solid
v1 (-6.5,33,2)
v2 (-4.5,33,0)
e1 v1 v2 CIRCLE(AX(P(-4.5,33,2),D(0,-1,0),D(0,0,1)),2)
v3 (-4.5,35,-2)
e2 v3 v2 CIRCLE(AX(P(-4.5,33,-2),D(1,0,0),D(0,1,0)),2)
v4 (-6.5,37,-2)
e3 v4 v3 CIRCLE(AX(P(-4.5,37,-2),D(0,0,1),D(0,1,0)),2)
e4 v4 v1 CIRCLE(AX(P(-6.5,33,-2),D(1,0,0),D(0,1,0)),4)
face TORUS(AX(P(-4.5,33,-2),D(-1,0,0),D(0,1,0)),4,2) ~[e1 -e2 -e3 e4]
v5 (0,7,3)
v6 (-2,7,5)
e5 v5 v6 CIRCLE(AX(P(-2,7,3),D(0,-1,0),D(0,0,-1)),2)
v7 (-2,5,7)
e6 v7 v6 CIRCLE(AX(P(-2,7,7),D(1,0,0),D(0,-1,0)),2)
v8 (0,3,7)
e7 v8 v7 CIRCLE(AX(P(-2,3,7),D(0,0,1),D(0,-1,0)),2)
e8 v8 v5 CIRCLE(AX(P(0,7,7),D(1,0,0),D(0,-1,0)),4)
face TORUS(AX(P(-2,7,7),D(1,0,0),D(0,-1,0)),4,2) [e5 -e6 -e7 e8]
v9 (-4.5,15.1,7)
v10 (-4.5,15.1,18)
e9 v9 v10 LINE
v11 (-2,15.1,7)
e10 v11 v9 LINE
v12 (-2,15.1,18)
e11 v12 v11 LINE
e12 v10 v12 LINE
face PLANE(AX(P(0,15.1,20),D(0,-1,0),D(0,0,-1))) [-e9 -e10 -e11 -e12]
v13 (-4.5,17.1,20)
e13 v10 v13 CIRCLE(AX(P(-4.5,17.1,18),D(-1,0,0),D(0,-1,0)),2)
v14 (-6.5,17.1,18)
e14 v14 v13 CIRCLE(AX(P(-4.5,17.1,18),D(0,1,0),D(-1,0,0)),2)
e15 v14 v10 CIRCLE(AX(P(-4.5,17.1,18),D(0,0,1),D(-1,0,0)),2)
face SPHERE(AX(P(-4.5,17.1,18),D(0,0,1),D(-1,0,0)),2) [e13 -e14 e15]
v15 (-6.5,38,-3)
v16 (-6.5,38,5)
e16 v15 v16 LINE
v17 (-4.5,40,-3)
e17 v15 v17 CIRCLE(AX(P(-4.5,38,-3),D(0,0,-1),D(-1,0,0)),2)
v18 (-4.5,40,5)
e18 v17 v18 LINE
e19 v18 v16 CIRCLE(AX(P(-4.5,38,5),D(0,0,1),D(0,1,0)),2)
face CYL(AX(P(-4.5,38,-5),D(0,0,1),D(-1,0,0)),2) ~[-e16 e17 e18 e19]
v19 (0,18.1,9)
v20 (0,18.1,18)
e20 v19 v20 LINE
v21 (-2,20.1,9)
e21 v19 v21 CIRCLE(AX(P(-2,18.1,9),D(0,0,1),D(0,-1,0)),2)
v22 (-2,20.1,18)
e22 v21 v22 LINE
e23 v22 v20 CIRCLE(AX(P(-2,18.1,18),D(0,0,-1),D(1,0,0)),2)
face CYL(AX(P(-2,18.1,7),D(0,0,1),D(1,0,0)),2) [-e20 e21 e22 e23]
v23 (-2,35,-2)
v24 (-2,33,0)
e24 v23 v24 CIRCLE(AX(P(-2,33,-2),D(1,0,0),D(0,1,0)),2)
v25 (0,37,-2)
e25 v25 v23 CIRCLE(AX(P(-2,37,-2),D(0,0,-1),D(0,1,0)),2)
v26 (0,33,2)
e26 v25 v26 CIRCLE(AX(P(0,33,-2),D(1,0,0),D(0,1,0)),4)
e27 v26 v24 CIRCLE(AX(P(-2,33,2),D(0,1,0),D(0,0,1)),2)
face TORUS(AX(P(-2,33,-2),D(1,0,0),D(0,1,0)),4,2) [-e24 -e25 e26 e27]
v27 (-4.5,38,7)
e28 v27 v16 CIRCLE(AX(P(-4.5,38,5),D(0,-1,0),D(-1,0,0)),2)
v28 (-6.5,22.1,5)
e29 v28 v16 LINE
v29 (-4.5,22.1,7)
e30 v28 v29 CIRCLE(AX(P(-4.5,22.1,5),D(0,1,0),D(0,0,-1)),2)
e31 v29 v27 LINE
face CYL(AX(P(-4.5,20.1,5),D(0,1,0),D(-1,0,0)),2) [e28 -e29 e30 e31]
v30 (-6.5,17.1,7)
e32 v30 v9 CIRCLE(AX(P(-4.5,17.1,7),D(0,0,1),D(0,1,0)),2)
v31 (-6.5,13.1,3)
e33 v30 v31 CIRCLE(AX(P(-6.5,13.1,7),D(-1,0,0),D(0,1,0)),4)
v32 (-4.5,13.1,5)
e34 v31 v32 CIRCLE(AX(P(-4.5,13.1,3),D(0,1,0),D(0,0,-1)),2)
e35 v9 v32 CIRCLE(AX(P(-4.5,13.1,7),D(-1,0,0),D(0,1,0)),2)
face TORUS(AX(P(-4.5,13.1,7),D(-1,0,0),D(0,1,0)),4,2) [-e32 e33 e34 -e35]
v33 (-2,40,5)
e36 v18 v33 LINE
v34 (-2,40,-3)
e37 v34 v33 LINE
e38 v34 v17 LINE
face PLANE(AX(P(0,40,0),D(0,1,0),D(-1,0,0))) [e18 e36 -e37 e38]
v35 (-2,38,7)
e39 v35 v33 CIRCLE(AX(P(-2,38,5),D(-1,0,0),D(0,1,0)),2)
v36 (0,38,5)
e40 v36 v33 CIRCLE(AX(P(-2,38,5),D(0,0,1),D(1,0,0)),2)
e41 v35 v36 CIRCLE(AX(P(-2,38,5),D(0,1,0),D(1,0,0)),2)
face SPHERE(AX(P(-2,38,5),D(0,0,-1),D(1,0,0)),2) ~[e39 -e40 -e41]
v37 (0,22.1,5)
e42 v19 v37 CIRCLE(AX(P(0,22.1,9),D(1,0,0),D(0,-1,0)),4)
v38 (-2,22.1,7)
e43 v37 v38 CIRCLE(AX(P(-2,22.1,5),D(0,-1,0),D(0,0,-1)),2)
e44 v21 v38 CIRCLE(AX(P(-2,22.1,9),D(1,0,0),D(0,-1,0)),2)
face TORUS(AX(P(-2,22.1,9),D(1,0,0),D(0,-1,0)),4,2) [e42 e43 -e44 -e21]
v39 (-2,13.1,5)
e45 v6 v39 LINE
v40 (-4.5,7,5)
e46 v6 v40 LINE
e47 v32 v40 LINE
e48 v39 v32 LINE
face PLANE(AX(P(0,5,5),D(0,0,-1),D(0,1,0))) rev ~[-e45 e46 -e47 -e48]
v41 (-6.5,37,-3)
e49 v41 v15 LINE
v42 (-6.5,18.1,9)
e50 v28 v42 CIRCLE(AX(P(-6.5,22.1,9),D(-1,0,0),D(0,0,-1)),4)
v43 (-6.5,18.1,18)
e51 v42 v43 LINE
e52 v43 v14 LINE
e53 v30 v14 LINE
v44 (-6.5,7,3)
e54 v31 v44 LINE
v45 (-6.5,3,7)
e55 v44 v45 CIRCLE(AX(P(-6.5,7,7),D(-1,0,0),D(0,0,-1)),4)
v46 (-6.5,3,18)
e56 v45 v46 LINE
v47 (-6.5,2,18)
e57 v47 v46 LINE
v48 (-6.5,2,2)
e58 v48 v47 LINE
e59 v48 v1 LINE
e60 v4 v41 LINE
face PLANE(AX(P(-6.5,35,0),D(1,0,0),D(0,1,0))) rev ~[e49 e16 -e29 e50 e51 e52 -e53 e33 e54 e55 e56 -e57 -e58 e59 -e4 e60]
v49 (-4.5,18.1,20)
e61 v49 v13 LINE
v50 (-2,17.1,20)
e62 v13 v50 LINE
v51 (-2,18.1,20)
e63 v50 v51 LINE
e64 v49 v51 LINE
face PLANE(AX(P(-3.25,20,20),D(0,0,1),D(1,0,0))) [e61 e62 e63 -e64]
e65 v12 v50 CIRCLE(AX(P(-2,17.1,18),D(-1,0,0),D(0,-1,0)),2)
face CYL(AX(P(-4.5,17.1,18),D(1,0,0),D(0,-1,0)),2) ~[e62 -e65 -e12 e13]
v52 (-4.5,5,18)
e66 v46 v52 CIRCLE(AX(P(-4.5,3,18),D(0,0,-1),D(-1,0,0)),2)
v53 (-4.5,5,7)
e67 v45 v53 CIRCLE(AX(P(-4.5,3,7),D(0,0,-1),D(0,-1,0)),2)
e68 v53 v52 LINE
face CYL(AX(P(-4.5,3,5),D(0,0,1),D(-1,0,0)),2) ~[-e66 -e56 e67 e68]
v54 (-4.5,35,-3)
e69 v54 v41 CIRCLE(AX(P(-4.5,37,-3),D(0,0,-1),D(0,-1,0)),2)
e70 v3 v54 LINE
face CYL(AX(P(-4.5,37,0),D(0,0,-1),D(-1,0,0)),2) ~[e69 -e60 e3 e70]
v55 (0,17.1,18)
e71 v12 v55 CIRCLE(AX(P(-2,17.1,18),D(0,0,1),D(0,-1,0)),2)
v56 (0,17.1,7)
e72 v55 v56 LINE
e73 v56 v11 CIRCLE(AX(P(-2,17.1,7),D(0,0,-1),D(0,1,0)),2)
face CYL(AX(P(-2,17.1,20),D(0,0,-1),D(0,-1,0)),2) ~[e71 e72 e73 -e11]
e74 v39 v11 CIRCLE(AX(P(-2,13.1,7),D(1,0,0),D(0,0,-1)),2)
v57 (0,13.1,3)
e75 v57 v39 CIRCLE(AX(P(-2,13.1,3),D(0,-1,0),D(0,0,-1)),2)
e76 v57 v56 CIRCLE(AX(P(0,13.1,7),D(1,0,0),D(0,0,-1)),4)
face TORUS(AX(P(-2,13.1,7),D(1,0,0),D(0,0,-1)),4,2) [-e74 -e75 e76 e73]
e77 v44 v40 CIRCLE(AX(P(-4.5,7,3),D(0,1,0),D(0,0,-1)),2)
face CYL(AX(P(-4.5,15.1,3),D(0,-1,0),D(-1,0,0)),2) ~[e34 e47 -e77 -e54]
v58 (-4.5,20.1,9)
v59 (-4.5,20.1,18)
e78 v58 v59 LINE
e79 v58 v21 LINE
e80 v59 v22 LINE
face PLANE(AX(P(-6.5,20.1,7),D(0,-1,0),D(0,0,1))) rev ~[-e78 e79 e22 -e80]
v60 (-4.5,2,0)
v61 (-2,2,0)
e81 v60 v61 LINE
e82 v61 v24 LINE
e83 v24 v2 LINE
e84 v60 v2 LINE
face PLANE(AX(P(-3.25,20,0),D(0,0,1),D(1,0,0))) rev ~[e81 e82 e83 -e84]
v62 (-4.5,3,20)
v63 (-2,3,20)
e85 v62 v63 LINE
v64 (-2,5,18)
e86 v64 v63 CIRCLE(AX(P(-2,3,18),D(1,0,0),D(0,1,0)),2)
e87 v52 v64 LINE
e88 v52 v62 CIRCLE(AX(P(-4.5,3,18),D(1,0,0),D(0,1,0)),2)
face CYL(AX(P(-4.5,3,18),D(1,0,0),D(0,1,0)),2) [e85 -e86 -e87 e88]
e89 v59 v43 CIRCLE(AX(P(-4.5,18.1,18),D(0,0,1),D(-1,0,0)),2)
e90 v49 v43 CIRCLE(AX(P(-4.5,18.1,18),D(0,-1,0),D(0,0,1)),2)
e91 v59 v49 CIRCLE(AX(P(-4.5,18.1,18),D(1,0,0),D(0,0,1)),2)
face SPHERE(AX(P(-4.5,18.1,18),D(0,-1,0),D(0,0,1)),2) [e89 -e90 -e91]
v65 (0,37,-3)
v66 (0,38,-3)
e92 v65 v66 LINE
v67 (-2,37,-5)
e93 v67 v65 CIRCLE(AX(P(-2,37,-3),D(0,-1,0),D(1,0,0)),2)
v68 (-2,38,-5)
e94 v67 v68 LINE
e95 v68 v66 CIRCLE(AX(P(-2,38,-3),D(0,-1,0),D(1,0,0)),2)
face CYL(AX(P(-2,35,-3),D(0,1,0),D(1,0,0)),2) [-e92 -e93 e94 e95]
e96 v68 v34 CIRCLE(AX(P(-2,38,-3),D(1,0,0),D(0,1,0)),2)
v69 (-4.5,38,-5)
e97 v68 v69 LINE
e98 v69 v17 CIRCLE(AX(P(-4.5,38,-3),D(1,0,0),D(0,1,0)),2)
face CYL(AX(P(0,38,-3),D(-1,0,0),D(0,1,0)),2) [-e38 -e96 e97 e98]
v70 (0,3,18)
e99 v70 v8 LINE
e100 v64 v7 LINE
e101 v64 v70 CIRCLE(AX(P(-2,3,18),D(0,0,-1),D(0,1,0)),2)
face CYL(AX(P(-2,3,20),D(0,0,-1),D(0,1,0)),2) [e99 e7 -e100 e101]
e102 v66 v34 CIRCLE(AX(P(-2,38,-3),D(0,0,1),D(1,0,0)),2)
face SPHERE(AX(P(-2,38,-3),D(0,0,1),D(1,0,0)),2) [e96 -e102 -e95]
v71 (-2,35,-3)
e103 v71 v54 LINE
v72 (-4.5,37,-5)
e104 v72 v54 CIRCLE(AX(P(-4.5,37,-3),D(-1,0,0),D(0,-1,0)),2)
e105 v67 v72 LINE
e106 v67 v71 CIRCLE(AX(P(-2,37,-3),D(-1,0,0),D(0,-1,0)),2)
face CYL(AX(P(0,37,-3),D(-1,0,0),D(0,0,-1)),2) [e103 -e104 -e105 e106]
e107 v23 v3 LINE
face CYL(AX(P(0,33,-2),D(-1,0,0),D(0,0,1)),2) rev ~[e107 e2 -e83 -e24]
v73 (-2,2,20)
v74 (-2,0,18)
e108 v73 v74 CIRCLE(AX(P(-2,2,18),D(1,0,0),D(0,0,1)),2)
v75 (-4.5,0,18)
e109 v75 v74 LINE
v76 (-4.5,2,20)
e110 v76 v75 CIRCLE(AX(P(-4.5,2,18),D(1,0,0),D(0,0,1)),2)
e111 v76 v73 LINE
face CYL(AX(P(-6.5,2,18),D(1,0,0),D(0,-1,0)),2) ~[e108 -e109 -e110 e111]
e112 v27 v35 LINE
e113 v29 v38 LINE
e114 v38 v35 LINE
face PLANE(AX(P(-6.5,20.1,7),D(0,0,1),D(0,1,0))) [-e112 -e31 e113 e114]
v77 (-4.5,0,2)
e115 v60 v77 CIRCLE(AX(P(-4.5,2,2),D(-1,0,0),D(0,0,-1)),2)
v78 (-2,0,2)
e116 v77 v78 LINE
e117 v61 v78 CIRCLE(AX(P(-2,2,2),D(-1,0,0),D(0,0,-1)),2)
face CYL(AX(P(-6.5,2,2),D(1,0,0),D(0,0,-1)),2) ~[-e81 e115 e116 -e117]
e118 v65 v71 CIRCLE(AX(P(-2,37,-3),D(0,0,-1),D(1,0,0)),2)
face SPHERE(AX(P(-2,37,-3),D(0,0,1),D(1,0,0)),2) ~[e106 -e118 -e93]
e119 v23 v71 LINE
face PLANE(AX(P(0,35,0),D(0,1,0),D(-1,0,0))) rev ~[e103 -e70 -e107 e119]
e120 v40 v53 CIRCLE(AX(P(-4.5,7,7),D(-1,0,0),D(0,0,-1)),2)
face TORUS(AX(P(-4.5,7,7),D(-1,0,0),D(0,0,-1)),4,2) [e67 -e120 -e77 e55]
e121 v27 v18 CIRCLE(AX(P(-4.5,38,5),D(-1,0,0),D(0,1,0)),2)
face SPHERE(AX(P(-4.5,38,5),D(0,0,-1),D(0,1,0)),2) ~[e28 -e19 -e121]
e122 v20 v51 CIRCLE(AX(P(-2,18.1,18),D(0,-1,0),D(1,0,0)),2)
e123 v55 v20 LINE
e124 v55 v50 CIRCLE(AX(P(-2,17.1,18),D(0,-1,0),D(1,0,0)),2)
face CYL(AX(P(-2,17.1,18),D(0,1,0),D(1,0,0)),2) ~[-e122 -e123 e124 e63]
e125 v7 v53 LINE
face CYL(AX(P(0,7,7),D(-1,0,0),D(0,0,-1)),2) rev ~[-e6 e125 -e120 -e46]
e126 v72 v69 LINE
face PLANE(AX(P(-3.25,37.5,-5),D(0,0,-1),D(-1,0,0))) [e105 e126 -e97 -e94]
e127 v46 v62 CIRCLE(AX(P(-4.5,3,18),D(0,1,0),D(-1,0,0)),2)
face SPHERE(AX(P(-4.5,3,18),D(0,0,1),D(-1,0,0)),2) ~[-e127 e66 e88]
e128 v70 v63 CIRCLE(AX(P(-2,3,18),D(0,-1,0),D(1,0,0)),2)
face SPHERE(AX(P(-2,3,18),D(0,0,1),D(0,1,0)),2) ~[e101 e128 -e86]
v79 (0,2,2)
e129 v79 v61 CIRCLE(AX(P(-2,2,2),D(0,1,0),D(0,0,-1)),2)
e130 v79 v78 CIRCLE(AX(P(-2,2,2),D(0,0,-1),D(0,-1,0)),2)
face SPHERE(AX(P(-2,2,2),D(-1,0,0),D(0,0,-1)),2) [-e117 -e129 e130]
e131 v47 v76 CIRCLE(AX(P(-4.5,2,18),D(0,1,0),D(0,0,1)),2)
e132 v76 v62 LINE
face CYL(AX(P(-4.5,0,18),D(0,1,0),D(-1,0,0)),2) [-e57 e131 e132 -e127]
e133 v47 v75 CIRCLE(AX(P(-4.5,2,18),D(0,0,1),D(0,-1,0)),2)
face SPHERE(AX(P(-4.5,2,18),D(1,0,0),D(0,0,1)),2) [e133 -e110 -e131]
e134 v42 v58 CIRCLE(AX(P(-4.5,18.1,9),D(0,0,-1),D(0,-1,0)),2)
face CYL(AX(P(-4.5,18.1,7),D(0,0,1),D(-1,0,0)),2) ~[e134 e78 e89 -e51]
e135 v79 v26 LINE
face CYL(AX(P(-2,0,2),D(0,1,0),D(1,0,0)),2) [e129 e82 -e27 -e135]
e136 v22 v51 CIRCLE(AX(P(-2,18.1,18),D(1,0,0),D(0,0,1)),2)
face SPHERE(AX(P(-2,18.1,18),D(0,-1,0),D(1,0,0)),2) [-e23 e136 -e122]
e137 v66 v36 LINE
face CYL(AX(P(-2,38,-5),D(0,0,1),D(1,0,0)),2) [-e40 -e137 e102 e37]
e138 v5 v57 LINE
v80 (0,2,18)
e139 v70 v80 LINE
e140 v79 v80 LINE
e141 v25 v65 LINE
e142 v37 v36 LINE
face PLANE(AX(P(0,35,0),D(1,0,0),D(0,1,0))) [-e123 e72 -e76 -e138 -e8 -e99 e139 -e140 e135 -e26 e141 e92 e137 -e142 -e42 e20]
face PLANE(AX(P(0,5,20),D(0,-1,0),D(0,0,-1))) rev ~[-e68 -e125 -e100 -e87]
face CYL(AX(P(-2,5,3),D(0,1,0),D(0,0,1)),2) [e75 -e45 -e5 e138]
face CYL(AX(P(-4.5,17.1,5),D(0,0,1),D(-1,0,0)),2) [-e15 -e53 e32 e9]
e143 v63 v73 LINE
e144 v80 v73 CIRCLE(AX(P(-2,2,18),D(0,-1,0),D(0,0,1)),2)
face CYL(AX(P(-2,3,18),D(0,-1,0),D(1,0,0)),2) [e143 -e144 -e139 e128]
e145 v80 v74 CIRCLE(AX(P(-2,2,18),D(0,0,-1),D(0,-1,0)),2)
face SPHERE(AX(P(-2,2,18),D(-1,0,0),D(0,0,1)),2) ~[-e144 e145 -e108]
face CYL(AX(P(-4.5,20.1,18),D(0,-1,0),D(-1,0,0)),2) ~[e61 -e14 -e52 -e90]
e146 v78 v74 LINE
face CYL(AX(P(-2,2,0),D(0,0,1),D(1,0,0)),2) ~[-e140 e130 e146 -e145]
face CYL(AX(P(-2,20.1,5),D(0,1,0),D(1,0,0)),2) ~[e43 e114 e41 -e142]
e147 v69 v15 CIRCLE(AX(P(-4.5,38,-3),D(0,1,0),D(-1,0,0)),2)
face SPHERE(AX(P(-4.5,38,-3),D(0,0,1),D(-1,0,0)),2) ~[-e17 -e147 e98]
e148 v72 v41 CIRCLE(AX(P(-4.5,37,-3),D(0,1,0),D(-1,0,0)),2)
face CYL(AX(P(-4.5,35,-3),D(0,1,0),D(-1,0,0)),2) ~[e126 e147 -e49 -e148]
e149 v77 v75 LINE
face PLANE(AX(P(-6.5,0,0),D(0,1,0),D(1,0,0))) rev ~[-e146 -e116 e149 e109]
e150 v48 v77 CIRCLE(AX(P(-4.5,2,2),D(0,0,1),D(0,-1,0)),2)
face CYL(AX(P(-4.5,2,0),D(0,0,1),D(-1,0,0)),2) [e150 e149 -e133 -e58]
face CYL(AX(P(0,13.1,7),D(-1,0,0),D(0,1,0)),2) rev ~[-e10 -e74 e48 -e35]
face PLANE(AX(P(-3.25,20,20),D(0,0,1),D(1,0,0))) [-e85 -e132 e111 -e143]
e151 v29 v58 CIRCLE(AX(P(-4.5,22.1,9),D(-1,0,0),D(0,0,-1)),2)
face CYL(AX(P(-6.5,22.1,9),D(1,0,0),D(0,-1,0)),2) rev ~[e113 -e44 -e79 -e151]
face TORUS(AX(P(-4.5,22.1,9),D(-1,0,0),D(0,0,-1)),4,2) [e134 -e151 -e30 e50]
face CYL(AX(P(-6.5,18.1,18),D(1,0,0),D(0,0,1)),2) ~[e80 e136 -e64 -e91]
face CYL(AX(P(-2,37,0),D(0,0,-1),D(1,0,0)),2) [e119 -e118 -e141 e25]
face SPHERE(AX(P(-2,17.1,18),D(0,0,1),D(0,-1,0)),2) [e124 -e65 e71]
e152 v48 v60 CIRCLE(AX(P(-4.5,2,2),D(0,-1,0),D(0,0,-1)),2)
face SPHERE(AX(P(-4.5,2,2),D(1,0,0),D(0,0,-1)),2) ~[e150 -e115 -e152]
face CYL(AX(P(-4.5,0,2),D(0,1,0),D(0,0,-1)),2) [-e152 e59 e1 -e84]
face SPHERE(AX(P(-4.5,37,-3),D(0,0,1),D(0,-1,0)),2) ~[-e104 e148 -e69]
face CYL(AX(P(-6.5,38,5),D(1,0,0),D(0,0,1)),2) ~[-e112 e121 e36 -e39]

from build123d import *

# Parameters (mm, degrees)
SKETCH1_W           = 6.5
SKETCH1_H           = 40
BOSS_EXTRUDE1_DEPTH = 20
SKETCH2_W           = 15
SKETCH2_H           = 10.1
CUT_EXTRUDE1_DEPTH  = 46.191260217
FILLET1_R           = 2
SKETCH4_W           = 13
SKETCH4_H           = 19.9
CUT_EXTRUDE3_DEPTH  = 46.191260217
SKETCH6_W           = 6.5
SKETCH6_H           = 5
BOSS_EXTRUDE2_DEPTH = 5
FILLET2_R           = 2


with BuildPart() as part:
    # Sketch1 → Boss-Extrude1 (new body)
    with BuildSketch(Plane.XY):
        with Locations((-3.25, 20)):
            Rectangle(SKETCH1_W, SKETCH1_H)
    extrude(amount=BOSS_EXTRUDE1_DEPTH)

    # Sketch2 → Cut-Extrude1 (cut, through all)
    with BuildSketch(Plane(origin=(0, 0, 0), x_dir=(0, 0, -1), z_dir=(1, 0, 0))):
        with Locations((-12.5, 10.05)):
            Rectangle(SKETCH2_W, SKETCH2_H)
    extrude(amount=-CUT_EXTRUDE1_DEPTH, mode=Mode.SUBTRACT)

    # Fillet1
    fillet1_edges = [part.edges().sort_by_distance(p)[0] for p in [
        (-6.5, 15.1, 12.5),
        (-6.5, 10.05, 5),
        (-3.25, 15.1, 5),
        (-6.5, 5, 12.5),
        (-3.25, 5, 5),
        (0, 5, 12.5),
        (0, 10.05, 5),
        (0, 15.1, 12.5),
    ]]
    fillet(fillet1_edges, radius=FILLET1_R)

    # Sketch4 → Cut-Extrude3 (cut, through all)
    with BuildSketch(Plane.ZY.offset(6.5)):
        with Locations((13.5, 30.05)):
            Rectangle(SKETCH4_W, SKETCH4_H)
    extrude(amount=-CUT_EXTRUDE3_DEPTH, mode=Mode.SUBTRACT)

    # Sketch6 → Boss-Extrude2 (add)
    with BuildSketch(Plane(origin=(0, 0, 0), x_dir=(-1, 0, 0), z_dir=(0, 0, -1))):
        with Locations((3.25, 37.5)):
            Rectangle(SKETCH6_W, SKETCH6_H)
    extrude(amount=BOSS_EXTRUDE2_DEPTH)

    # Fillet2
    fillet2_edges = [part.edges().sort_by_distance(p)[0] for p in [
        (-3.25, 0, 20),
        (-6.5, 1.5, 20),
        (-3.25, 5, 20),
        (-0.585786438, 4.414213562, 20),
        (-5.914213562, 4.414213562, 20),
        (0, 18.6, 20),
        (-3.25, 15.1, 20),
        (-0.585786438, 15.685786438, 20),
        (-5.914213562, 15.685786438, 20),
        (0, 1.5, 20),
        (-3.25, 0, 0),
        (0, 17.5, 0),
        (-6.5, 18.6, 20),
        (-6.5, 40, 1),
        (0, 40, 1),
        (0, 20.1, 13.5),
        (-3.25, 20.1, 20),
        (0, 30.05, 7),
        (-3.25, 20.1, 7),
        (-3.25, 40, 7),
        (-6.5, 30.05, 7),
        (-6.5, 20.1, 13.5),
        (-6.5, 17.5, 0),
        (0, 0, 10),
        (-3.25, 35, 0),
        (-6.5, 0, 10),
        (0, 35, -2.5),
        (-6.5, 35, -2.5),
        (0, 37.5, -5),
        (-3.25, 35, -5),
        (-6.5, 37.5, -5),
        (-3.25, 40, -5),
    ]]
    fillet(fillet2_edges, radius=FILLET2_R)


solid = part.part
